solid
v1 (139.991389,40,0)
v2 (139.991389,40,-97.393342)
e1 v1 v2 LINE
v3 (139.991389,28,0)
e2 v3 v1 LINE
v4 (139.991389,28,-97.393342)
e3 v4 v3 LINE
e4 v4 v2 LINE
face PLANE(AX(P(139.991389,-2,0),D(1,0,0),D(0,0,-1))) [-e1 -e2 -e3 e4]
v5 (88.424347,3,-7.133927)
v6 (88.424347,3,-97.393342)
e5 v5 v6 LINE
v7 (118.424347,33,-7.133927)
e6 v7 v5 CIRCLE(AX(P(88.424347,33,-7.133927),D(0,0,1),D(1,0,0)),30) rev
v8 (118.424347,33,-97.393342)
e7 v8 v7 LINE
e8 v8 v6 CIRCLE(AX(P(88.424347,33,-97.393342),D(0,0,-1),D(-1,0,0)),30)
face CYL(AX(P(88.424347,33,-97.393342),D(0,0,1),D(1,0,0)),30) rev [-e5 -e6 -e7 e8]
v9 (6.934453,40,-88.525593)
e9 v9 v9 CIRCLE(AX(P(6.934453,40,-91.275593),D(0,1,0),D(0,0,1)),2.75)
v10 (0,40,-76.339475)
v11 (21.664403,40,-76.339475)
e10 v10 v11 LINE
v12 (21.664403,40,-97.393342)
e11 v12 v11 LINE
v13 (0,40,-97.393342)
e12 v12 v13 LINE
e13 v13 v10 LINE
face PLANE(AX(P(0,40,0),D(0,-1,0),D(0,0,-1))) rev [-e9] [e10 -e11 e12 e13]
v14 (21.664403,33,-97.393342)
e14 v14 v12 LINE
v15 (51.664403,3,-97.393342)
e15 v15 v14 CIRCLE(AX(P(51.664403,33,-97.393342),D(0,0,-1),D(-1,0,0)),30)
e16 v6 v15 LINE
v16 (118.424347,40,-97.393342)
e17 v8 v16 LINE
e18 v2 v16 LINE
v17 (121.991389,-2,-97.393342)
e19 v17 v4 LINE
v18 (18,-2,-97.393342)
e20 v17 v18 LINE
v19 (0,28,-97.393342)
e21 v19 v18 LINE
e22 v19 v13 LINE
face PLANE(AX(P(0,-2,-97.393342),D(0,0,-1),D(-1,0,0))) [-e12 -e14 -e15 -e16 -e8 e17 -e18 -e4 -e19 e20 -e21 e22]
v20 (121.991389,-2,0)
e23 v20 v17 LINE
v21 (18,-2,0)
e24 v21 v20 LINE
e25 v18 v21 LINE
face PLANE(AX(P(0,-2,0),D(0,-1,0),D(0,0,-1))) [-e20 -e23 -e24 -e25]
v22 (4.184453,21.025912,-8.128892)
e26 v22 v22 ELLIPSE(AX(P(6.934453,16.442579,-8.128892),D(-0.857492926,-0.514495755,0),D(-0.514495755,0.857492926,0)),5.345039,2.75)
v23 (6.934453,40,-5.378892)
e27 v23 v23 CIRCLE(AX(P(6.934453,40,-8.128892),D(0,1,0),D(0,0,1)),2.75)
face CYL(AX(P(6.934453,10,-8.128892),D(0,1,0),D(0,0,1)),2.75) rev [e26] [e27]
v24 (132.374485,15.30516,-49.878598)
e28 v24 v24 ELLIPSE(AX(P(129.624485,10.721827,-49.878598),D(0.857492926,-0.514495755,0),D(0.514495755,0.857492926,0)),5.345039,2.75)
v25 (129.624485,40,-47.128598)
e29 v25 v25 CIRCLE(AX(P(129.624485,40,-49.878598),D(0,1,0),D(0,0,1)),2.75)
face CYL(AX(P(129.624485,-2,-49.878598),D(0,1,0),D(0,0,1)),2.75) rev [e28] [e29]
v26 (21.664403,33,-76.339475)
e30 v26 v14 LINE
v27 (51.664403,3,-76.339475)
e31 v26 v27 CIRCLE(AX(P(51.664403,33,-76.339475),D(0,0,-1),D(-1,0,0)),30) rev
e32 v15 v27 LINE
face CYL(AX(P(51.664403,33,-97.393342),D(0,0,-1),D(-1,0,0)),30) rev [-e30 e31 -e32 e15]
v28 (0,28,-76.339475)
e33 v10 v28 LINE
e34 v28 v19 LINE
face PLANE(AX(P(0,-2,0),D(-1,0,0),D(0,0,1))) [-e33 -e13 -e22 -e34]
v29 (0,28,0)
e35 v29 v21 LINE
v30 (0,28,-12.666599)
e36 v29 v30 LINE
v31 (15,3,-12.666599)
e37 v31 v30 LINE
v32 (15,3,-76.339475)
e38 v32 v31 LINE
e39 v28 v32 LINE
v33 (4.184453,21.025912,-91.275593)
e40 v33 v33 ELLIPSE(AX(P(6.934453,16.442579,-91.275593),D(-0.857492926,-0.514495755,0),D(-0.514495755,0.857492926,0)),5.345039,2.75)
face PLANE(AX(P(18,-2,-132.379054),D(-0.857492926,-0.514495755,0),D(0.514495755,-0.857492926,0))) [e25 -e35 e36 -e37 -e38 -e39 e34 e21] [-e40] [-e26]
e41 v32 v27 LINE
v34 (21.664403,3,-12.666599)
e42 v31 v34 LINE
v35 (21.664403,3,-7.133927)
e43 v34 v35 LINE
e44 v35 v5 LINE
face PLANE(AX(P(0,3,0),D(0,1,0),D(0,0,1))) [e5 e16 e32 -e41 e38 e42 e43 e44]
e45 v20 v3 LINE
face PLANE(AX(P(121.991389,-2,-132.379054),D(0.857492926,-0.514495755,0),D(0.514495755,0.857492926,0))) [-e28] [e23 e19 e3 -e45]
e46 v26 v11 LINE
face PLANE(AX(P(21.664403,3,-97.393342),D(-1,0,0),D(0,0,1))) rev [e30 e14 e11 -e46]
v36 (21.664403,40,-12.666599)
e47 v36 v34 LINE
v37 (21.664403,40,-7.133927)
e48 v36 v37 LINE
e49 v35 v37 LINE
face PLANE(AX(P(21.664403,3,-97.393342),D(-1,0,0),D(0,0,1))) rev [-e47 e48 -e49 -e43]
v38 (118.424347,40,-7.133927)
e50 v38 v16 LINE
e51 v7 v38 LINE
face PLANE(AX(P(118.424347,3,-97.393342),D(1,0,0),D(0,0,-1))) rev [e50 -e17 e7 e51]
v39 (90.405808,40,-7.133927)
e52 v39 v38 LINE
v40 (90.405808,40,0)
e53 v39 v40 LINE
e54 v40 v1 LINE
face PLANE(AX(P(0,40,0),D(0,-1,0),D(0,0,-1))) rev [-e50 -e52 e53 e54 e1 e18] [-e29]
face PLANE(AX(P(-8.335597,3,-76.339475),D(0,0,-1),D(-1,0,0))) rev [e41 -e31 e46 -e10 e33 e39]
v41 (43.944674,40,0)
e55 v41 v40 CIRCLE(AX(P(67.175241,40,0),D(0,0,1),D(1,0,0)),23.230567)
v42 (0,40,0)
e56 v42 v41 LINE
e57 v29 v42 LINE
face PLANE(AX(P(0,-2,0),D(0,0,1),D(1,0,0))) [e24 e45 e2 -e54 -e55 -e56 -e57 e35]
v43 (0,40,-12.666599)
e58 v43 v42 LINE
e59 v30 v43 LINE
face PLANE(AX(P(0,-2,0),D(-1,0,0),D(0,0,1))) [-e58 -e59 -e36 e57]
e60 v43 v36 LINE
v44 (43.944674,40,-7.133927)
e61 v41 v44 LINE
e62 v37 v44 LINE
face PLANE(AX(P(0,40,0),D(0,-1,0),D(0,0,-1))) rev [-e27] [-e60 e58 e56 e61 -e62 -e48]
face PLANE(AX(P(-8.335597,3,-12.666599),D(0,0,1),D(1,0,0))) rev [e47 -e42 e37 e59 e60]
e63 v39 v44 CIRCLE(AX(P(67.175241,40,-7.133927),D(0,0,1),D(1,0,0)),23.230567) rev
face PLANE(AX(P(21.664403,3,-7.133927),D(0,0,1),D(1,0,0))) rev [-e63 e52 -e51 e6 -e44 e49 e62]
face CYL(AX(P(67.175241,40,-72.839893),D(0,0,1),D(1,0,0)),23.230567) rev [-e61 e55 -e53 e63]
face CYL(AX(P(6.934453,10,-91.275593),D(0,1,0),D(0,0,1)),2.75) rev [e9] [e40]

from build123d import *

# Parameters (mm, degrees)
SKETCH1_W                           = 139.991389113
SKETCH1_H                           = 97.393342316
PICOVER_DEPTH                       = 40
PICOVER_DEPTH_BACK                  = 2
SKETCH2_W                           = 96.759944342
SKETCH2_H                           = 90.25941534
OPENINGFORPI_DEPTH                  = 37
SKETCH3_R                           = 23.23056694
HOLETOACCESSSDCARD_DEPTH            = 7.133927
SKETCH4_W                           = 18
SKETCH4_H                           = 97.393342316
CUTAWAYSTHATDEFINESCREWPLATES_DEPTH = 30
BOSS_EXTRUDE1_DEPTH                 = 97.393342
SKETCH6_W                           = 63.672875613
SKETCH6_H                           = 37
HOLEFORPOWERHDMIAUDIO_DEPTH         = 30
SKETCH5_R                           = 2.75
CUT_EXTRUDE5_DEPTH                  = 43
SKETCH7_R                           = 2.75
CUT_EXTRUDE7_DEPTH                  = 30
FILLET1_R                           = 30
FILLET2_R                           = 30


with BuildPart() as part:
    # Sketch1 → PiCover (new body, two sides)
    with BuildSketch(Plane(origin=(0, 0, 0), x_dir=(1, 0, 0), z_dir=(0, 1, 0))) as picover_sk:
        with Locations((69.995694556, 48.696671158)):
            Rectangle(SKETCH1_W, SKETCH1_H)
    extrude(amount=PICOVER_DEPTH)
    extrude(picover_sk.sketch, amount=-PICOVER_DEPTH_BACK)

    # Sketch2 → OpeningForPi (cut)
    with BuildSketch(Plane(origin=(0, 40, 0), x_dir=(1, 0, 0), z_dir=(0, 1, 0))):
        with Locations((70.044375284, 52.263634646)):
            Rectangle(SKETCH2_W, SKETCH2_H)
    extrude(amount=-OPENINGFORPI_DEPTH, mode=Mode.SUBTRACT)

    # Sketch3 → HoleToAccessSDCard (cut)
    with BuildSketch(Plane.XY):
        with Locations((67.175241294, 40)):
            Circle(SKETCH3_R)
    extrude(amount=-HOLETOACCESSSDCARD_DEPTH, mode=Mode.SUBTRACT)

    # Sketch4 → CutAwaysThatDefineScrewPlates (cut)
    with BuildSketch(Plane.XZ.offset(2)):
        with Locations((130.991389113, -48.696671158)):
            Rectangle(SKETCH4_W, SKETCH4_H)
        with Locations((9, -48.696671158)):
            Rectangle(SKETCH4_W, SKETCH4_H)
    extrude(amount=-CUTAWAYSTHATDEFINESCREWPLATES_DEPTH, mode=Mode.SUBTRACT)

    # Sketch11 → Boss-Extrude1 (add)
    with BuildSketch(Plane.XY):
        Polygon((0, 28), (18, 28), (18, -2), align=None)
        Polygon((139.991389113, 28), (121.991389113, 28), (121.991389113, -2), align=None)
    extrude(amount=-BOSS_EXTRUDE1_DEPTH)

    # Sketch6 → HoleForPowerHDMIAudio (cut)
    with BuildSketch(Plane(origin=(21.664403113, 0, 0), x_dir=(0, 0, -1), z_dir=(1, 0, 0))):
        with Locations((44.503037234, 21.5)):
            Rectangle(SKETCH6_W, SKETCH6_H)
    extrude(amount=-HOLEFORPOWERHDMIAUDIO_DEPTH, mode=Mode.SUBTRACT)

    # Sketch5 → Cut-Extrude5 (cut, through all)
    with BuildSketch(Plane(origin=(0, 40, 0), x_dir=(1, 0, 0), z_dir=(0, 1, 0))):
        with Locations((129.624485255, 49.878598174)):
            Circle(SKETCH5_R)
    extrude(amount=-CUT_EXTRUDE5_DEPTH, mode=Mode.SUBTRACT)

    # Sketch7 → Cut-Extrude7 (cut)
    with BuildSketch(Plane(origin=(0, 40, 0), x_dir=(1, 0, 0), z_dir=(0, 1, 0))):
        with Locations((6.934452889, 8.128892452)):
            Circle(SKETCH7_R)
        with Locations((6.934452889, 91.275593332)):
            Circle(SKETCH7_R)
    extrude(amount=-CUT_EXTRUDE7_DEPTH, mode=Mode.SUBTRACT)

    # Fillet1
    fillet1_edges = [part.edges().sort_by_distance(p)[0] for p in [
        (21.664403113, 3, -86.866408678),
    ]]
    fillet(fillet1_edges, radius=FILLET1_R)

    # Fillet2
    fillet2_edges = [part.edges().sort_by_distance(p)[0] for p in [
        (118.424347455, 3, -52.263634646),
    ]]
    fillet(fillet2_edges, radius=FILLET2_R)


solid = part.part
